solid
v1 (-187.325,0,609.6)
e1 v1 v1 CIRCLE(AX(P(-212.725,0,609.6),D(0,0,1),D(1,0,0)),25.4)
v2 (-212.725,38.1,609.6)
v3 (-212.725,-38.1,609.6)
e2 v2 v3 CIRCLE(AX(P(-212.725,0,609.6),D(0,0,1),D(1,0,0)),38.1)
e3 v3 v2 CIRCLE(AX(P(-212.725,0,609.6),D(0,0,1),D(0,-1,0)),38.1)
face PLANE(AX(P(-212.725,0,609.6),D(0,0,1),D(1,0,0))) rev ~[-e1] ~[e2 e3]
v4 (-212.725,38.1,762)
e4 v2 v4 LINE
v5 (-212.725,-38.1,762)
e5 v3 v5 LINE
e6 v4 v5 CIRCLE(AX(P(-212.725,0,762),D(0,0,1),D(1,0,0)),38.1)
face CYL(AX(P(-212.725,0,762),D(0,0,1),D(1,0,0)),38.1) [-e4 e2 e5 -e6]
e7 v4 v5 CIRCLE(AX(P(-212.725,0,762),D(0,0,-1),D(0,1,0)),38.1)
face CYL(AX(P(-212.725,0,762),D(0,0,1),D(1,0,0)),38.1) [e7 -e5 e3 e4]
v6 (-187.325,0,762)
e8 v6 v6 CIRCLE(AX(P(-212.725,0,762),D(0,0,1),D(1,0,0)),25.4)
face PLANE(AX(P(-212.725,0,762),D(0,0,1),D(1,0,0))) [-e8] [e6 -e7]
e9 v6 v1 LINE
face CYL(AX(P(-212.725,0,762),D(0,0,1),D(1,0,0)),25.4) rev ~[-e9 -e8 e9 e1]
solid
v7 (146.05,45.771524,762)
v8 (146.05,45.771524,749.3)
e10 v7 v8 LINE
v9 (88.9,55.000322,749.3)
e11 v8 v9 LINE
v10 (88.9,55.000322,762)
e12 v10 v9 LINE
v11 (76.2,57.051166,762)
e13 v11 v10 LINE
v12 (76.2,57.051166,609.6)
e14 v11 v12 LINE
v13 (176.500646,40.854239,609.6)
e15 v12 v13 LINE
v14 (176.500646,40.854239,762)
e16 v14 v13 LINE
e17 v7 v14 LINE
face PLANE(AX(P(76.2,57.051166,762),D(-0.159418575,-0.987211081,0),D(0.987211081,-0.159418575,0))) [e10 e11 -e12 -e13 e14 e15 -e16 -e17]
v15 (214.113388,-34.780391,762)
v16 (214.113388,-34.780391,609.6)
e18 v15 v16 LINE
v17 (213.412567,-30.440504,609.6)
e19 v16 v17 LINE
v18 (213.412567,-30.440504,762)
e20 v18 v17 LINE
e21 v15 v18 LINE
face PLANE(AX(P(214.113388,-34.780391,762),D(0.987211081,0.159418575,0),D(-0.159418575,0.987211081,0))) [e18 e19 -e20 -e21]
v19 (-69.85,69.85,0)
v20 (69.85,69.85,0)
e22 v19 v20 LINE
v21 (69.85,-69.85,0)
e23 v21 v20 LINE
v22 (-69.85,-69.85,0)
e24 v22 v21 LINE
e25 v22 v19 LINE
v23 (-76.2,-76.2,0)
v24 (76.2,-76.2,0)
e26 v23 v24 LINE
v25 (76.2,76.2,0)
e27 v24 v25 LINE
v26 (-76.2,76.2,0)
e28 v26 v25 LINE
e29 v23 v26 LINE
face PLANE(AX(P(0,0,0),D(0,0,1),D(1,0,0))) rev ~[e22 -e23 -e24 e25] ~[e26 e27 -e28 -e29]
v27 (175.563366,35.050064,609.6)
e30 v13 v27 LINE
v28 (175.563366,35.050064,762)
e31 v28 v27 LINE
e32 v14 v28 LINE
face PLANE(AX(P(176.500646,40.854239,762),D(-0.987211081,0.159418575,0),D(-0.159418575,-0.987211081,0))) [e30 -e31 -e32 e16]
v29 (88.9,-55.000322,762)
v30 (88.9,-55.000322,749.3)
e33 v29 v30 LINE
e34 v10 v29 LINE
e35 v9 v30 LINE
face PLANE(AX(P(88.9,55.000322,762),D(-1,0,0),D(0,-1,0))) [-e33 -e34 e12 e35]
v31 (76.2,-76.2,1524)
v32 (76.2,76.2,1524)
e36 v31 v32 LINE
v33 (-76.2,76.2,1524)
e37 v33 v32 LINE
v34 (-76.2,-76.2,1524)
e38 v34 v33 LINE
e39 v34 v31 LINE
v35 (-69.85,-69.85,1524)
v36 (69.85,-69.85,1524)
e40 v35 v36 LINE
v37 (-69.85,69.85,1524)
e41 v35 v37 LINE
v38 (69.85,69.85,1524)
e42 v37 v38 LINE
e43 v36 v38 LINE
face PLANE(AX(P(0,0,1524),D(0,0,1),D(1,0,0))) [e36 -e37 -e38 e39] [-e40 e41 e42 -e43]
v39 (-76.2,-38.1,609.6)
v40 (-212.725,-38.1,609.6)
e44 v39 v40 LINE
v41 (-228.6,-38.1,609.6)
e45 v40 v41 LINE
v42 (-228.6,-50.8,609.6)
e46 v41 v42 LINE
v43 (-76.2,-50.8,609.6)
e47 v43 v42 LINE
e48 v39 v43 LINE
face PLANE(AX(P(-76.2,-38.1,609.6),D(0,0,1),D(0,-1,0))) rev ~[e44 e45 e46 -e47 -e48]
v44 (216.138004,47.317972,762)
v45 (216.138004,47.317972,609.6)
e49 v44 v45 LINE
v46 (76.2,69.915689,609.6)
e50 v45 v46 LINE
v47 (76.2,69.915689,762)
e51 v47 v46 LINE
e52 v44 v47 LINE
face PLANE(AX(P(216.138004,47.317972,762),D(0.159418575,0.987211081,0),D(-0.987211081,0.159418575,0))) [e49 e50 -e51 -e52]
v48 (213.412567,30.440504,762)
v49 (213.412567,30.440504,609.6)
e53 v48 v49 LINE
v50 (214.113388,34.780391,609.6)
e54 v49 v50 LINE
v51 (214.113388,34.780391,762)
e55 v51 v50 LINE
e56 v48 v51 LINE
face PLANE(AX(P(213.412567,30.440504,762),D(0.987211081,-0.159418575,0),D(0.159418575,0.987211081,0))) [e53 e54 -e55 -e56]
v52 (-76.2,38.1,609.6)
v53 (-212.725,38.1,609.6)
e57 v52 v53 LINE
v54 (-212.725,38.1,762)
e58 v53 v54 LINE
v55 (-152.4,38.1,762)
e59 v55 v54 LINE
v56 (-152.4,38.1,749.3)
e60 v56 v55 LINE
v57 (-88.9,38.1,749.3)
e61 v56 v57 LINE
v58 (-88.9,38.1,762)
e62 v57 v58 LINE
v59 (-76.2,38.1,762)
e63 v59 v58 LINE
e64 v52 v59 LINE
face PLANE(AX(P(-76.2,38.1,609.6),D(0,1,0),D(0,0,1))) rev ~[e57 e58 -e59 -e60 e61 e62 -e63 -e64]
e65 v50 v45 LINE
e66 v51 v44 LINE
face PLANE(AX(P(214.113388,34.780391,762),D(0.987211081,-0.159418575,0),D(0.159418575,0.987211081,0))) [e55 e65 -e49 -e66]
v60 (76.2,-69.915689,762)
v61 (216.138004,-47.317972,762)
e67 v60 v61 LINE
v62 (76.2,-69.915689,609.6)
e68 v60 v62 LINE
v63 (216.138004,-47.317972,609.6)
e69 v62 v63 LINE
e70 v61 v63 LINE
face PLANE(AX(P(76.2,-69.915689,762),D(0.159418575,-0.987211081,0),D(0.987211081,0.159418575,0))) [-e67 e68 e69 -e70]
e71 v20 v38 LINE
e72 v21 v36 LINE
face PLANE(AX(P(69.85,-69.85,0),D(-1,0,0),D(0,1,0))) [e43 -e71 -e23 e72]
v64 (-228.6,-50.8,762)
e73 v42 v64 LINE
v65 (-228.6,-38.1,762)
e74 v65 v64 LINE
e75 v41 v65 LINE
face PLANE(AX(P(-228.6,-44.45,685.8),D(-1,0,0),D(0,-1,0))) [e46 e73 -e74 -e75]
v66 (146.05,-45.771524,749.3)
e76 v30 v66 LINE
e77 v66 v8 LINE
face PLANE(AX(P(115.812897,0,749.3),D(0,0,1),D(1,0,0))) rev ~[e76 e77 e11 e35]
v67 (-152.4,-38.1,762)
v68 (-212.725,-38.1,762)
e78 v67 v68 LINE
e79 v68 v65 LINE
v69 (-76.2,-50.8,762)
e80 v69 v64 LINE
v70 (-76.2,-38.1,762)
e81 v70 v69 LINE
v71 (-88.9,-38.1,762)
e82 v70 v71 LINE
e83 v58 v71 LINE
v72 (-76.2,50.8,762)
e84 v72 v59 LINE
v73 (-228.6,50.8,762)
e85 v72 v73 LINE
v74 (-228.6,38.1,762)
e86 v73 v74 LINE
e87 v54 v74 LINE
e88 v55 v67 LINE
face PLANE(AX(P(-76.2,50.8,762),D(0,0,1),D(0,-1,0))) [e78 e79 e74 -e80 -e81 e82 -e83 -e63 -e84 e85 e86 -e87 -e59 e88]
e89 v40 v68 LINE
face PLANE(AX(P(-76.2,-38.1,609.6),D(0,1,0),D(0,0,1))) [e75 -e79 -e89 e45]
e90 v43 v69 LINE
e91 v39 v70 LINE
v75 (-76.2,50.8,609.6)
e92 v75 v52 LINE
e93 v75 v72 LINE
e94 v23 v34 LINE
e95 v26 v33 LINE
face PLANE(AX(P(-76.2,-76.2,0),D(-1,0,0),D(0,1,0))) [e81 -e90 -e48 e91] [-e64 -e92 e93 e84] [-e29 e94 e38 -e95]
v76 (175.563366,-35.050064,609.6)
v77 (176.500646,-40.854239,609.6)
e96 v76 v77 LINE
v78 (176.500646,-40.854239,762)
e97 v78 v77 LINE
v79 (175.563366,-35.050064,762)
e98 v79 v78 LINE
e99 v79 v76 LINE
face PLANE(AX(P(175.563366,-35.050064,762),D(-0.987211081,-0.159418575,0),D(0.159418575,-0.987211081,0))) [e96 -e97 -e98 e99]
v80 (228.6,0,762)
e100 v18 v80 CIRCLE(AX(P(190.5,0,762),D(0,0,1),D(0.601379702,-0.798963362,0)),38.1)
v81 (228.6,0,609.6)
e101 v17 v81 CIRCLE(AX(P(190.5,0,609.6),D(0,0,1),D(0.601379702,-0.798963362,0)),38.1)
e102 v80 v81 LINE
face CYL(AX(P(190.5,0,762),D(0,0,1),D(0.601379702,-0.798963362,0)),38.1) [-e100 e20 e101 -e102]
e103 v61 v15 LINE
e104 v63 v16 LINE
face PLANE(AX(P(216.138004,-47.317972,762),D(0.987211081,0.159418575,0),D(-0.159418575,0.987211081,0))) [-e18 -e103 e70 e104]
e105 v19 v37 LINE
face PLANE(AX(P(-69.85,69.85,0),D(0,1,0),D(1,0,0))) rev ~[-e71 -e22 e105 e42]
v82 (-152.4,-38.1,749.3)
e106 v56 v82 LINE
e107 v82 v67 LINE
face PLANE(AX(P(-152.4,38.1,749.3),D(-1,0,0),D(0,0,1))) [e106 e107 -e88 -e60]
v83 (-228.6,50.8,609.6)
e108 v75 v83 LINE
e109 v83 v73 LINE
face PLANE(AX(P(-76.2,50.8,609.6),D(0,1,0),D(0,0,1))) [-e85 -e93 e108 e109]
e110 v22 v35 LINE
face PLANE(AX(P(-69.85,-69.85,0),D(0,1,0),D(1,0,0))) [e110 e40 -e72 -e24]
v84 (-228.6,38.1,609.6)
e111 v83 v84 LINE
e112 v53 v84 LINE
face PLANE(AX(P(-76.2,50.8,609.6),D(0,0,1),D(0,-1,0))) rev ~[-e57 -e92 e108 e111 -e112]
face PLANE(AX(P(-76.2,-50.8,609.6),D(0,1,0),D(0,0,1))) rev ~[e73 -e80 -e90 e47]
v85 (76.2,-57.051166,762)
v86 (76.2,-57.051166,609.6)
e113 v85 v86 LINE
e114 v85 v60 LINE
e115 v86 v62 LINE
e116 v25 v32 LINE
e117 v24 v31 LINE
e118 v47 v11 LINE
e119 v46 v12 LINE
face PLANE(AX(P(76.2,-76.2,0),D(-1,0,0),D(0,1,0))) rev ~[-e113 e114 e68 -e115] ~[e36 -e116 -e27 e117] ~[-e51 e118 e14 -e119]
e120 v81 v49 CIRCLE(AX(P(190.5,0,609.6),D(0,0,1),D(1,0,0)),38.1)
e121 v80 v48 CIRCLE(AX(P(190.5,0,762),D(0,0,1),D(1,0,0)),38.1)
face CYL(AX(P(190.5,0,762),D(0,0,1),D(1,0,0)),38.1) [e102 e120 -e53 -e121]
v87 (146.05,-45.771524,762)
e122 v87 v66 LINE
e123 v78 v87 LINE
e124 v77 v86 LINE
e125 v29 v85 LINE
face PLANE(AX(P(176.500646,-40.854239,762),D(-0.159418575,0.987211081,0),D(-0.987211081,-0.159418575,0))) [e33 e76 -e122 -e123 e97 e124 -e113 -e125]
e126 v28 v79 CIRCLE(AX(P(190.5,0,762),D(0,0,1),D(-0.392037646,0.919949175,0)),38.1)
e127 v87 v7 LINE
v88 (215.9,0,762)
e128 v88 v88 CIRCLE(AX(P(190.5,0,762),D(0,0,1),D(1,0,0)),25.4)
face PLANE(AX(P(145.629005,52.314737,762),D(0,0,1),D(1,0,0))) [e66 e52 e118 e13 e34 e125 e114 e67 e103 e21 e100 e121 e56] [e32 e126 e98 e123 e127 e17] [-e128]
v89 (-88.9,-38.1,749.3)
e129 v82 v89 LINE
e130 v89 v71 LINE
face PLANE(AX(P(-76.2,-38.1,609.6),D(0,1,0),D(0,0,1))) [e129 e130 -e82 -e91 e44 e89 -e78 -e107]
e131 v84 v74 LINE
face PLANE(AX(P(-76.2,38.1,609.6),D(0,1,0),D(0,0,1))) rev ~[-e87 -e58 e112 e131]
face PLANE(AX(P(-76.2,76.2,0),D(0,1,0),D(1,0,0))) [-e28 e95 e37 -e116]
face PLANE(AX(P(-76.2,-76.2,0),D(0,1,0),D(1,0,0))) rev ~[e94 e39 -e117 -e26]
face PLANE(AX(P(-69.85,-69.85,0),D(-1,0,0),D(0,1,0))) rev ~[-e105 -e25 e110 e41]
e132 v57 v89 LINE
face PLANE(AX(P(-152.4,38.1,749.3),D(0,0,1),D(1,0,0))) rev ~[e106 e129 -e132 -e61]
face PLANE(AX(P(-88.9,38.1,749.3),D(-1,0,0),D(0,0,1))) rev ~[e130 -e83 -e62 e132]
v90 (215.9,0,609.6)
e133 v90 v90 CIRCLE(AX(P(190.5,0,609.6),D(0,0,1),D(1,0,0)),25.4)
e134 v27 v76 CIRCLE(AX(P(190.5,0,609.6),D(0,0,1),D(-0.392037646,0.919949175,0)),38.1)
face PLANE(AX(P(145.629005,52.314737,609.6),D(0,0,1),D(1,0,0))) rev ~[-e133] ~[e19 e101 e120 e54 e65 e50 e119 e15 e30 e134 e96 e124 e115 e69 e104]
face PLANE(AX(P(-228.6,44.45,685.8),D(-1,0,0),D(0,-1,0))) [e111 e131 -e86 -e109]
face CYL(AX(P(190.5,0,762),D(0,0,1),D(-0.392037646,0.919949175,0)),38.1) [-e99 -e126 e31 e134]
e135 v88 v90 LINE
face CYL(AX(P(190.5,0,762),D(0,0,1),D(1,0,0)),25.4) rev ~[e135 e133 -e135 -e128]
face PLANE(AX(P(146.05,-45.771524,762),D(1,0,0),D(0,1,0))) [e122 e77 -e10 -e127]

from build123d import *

# Parameters (mm, degrees)
F0_W      = 152.4
F0_H      = 152.4
F0_W_2    = 139.7
F0_H_2    = 139.7
F1_DEPTH  = 1524
F2_W      = 12.7
F2_H      = 152.4
F3_DEPTH  = 152.4
F4_R      = 25.4
F5_DEPTH  = 152.4
F6_W      = 63.5
F6_H      = 12.7
F7_DEPTH  = 76.2
F8_R      = 25.4
F9_DEPTH  = 152.4
F11_DEPTH = 12.7


with BuildPart() as f1:
    # F0 (on Top) → F1 (new body)
    with BuildSketch(Plane.XY):
        Rectangle(F0_W, F0_H)
        Rectangle(F0_W_2, F0_H_2, mode=Mode.SUBTRACT)
    extrude(amount=F1_DEPTH)

    # F2 (on face) → F3 (join)
    with BuildSketch(Plane(origin=(-76.2, 0, 0), x_dir=(0, -1, 0), z_dir=(-1, 0, 0))):
        with Locations((-44.45, 685.8)):
            Rectangle(F2_W, F2_H)
        with Locations((44.45, 685.8)):
            Rectangle(F2_W, F2_H)
    extrude(amount=F3_DEPTH)

    # F4 (on face) → F5 (join)
    with BuildSketch(Plane.XY.offset(762)):
        with BuildLine():
            ThreePointArc((-212.725, 38.1), (-239.6657683632, -26.9407683632), (-174.625, 0))
            ThreePointArc((-174.625, 0), (-185.7842316368, 26.9407683632), (-212.725, 38.1))
        make_face()
        with Locations((-212.725, 0)):
            Circle(F4_R, mode=Mode.SUBTRACT)
    extrude(amount=-F5_DEPTH)

    # F6 (on face) → F7 (join, through all)
    with BuildSketch(Plane.XZ.offset(-38.1)):
        with Locations((-120.65, 755.65)):
            Rectangle(F6_W, F6_H)
    extrude(amount=F7_DEPTH)

    # F8 (on face) → F9 (join)
    with BuildSketch(Plane.XY.offset(762)):
        Polygon((76.2, 69.9156891741), (76.2, 57.0511658246), (176.5006458104, 40.8542386466), (196.5738473074, 37.612742241), (214.1133879894, 34.7803909548), (216.1380038866, 47.3179716812), align=None)
        with BuildLine():
            Line((196.5738473074, 37.612742241), (176.5006458104, 40.8542386466))
            Line((176.5006458104, 40.8542386466), (175.5633656917, 35.0500635597))
            ThreePointArc((175.5633656917, 35.0500635597), (185.8870748043, 37.8197160373), (196.5738473074, 37.612742241))
        make_face()
        with BuildLine():
            ThreePointArc((196.5738473074, 37.612742241), (205.4302812688, 35.0527702363), (213.4125666633, 30.4405040842))
            Line((213.4125666633, 30.4405040842), (214.1133879894, 34.7803909548))
            Line((214.1133879894, 34.7803909548), (196.5738473074, 37.612742241))
        make_face()
        with BuildLine():
            ThreePointArc((213.4125666633, -30.4405040842), (224.5923656401, -17.009426947), (228.6, 0))
            ThreePointArc((228.6, 0), (224.5923656401, 17.009426947), (213.4125666633, 30.4405040842))
            ThreePointArc((213.4125666633, 30.4405040842), (205.4302812688, 35.0527702363), (196.5738473074, 37.612742241))
            ThreePointArc((196.5738473074, 37.612742241), (185.8870748043, 37.8197160373), (175.5633656917, 35.0500635597))
            ThreePointArc((175.5633656917, 35.0500635597), (152.4, 0), (175.5633656917, -35.0500635597))
            ThreePointArc((175.5633656917, -35.0500635597), (185.887074699, -37.8197160244), (196.5738470979, -37.6127422748))
            ThreePointArc((196.5738470979, -37.6127422748), (205.4302811711, -35.0527702778), (213.4125666633, -30.4405040842))
        make_face()
        with Locations((190.5, 0)):
            Circle(F8_R, mode=Mode.SUBTRACT)
        with BuildLine():
            Line((196.5738470979, -37.6127422748), (214.1133879894, -34.7803909548))
            Line((214.1133879894, -34.7803909548), (213.4125666633, -30.4405040842))
            ThreePointArc((213.4125666633, -30.4405040842), (205.4302811711, -35.0527702778), (196.5738470979, -37.6127422748))
        make_face()
        with BuildLine():
            Line((175.5633656917, -35.0500635597), (176.5006458104, -40.8542386466))
            Line((176.5006458104, -40.8542386466), (196.5738470979, -37.6127422748))
            ThreePointArc((196.5738470979, -37.6127422748), (185.887074699, -37.8197160244), (175.5633656917, -35.0500635597))
        make_face()
        Polygon((76.2, -57.0511658246), (76.2, -69.9156891741), (216.1380038866, -47.3179716812), (214.1133879894, -34.7803909548), (196.5738470979, -37.6127422748), (176.5006458104, -40.8542386466), align=None)
    extrude(amount=-F9_DEPTH)

    # F10 (on face) → F11 (join)
    with BuildSketch(Plane.XY.offset(762)):
        Polygon((88.9, 55.0003218495), (88.9, -55.0003218495), (146.05, -45.7715239614), (146.05, 45.7715239614), align=None)
    extrude(amount=-F11_DEPTH)


solid = f1.part
